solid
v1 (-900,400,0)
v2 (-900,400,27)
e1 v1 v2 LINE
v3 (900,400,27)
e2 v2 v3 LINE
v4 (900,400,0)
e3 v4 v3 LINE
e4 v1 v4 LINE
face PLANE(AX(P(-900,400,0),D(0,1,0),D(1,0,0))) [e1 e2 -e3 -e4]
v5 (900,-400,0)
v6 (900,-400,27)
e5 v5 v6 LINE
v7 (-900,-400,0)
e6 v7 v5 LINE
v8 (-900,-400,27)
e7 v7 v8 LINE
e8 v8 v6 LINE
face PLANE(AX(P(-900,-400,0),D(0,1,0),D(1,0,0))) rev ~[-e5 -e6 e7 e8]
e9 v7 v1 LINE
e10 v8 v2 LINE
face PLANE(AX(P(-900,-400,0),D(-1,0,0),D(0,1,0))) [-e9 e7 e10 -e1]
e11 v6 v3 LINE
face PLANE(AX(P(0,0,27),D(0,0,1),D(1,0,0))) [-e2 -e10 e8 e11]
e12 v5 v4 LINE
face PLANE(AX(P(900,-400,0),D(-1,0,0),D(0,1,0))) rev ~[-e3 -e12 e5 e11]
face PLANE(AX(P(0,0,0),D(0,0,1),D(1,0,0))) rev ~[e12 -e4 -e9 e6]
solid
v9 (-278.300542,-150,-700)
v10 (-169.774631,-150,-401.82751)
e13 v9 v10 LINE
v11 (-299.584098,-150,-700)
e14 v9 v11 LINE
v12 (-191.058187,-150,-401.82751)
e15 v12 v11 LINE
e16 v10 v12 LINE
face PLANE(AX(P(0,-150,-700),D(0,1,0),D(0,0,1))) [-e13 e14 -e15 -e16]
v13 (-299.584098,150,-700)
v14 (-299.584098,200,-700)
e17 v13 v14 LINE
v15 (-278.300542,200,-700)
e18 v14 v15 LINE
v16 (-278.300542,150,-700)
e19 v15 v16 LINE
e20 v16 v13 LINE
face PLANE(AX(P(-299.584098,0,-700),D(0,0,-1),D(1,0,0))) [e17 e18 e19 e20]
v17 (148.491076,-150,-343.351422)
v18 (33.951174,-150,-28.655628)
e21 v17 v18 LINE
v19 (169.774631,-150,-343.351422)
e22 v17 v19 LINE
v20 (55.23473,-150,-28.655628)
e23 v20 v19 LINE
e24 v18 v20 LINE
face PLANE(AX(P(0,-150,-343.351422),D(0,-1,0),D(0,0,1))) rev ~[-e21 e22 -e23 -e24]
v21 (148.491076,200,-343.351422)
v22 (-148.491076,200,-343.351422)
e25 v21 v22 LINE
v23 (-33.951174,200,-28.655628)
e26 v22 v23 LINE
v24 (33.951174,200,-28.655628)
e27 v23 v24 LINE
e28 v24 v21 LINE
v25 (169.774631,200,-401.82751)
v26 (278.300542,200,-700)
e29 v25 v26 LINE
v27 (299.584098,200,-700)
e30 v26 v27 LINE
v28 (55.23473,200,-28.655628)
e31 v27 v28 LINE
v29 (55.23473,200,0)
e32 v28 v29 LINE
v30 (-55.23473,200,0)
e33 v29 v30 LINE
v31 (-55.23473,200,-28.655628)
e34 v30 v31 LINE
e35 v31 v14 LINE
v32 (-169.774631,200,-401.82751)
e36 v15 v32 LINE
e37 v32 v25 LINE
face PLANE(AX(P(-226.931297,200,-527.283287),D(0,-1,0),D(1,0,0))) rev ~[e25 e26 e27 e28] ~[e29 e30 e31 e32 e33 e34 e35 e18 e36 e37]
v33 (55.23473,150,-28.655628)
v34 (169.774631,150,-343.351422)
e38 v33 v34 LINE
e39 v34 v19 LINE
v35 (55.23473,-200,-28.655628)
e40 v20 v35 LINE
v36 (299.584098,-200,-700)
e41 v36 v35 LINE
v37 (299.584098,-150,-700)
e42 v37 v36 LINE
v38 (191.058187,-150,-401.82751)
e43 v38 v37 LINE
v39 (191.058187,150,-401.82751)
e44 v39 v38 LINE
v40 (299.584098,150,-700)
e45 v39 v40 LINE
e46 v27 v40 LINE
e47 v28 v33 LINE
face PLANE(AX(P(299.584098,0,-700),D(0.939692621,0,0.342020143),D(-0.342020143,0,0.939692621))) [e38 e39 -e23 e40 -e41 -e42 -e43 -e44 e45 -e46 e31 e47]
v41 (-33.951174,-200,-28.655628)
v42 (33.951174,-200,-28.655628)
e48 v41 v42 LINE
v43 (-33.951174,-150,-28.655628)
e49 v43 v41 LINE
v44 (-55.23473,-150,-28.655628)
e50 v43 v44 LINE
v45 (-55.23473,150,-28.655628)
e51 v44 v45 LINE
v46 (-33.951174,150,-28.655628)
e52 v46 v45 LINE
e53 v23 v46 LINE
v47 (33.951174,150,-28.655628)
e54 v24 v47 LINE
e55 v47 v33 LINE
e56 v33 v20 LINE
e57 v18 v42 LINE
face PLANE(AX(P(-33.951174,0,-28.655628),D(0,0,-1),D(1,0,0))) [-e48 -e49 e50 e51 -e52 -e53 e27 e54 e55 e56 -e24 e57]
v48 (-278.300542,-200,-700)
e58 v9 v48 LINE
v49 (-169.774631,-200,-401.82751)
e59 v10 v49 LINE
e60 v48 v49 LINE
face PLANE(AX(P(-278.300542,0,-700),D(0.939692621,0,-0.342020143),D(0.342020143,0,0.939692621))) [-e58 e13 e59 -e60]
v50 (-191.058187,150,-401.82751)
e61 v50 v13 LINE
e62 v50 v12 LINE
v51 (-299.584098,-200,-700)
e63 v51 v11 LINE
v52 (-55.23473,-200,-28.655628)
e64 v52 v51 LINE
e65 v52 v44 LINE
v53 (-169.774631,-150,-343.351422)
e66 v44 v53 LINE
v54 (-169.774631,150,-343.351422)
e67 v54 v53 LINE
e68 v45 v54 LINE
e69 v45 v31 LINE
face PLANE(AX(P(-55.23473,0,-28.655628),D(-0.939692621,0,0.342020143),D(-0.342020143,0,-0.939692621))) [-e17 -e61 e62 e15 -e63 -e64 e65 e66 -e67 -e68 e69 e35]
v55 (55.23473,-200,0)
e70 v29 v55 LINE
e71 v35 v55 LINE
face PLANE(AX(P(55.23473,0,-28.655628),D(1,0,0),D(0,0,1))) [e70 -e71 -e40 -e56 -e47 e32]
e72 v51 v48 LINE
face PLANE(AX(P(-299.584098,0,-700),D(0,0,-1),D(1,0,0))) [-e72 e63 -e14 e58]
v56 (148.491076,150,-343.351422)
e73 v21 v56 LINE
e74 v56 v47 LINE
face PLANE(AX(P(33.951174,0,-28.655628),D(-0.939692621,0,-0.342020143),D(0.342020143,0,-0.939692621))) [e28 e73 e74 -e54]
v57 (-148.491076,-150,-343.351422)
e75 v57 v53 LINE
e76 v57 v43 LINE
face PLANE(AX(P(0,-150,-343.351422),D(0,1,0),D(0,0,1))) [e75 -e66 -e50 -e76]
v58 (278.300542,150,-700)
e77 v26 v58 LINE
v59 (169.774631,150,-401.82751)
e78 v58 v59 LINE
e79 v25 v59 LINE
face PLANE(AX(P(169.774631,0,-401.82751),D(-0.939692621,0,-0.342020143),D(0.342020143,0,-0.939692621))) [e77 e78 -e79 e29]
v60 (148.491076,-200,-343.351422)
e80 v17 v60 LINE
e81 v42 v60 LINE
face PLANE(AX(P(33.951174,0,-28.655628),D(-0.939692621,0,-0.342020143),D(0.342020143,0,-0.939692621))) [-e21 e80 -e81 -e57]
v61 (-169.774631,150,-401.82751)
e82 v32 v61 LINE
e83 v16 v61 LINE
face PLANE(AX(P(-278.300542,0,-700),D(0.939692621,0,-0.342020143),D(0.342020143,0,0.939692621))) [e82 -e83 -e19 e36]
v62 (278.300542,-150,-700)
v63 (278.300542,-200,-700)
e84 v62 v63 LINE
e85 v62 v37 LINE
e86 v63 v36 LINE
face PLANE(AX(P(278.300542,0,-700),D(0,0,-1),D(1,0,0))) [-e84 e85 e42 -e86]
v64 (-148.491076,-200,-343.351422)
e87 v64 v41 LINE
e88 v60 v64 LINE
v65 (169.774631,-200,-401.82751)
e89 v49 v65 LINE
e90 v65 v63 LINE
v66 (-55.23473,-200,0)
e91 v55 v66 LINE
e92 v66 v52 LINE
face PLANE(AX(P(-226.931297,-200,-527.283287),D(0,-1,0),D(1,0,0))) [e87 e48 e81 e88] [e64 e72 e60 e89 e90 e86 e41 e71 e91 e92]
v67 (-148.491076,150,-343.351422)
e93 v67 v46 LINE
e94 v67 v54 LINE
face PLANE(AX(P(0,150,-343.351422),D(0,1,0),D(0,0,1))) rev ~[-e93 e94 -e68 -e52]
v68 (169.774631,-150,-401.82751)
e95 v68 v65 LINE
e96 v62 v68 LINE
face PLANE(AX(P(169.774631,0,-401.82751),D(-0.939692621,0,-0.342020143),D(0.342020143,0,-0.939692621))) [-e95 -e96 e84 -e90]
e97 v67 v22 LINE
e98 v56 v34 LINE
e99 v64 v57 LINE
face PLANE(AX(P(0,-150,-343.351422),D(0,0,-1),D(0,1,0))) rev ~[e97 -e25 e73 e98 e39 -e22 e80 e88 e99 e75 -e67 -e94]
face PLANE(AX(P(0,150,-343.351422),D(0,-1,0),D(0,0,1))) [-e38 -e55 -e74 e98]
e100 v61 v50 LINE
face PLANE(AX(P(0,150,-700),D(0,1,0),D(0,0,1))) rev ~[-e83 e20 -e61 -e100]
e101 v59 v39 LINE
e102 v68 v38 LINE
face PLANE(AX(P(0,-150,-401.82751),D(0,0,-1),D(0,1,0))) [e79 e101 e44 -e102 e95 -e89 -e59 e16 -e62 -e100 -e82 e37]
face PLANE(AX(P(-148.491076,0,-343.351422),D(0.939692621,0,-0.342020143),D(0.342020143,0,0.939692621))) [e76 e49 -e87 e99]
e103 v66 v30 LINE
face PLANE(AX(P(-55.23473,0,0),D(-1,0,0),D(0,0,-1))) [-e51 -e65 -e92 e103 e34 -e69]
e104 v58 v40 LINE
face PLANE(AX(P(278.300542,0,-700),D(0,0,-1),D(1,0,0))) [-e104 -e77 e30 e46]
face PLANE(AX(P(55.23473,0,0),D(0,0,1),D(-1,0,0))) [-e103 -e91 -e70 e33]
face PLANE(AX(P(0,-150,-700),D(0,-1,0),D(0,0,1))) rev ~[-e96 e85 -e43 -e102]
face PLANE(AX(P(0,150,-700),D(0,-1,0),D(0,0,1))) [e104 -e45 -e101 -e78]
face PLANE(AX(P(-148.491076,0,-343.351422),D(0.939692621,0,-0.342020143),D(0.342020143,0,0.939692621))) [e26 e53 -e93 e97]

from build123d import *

# Parameters (mm, degrees)
F0_W          = 1800
F0_H          = 800
F1_DEPTH      = 27
F3_DEPTH      = 200
F4_W          = 300
F4_H          = 314.6957938282
F4_H_2        = 298.1724899121
F5_DEPTH      = 900.001
F5_DEPTH_BACK = 900.001


with BuildPart() as f1:
    # F0 (on Top) → F1 (new body)
    with BuildSketch(Plane.XY):
        Rectangle(F0_W, F0_H)
    extrude(amount=F1_DEPTH)


with BuildPart() as f3:
    # F2 (on Front) → F3 (new body, symmetric)
    with BuildSketch(Plane.XZ):
        Polygon((-169.7746314183, -401.8275100879), (-169.7746314183, -343.3514220846), (-299.5840978729, -700), (-278.3005424234, -700), align=None)
        Polygon((-33.9511741666, -28.6556282564), (-55.2347296161, -28.6556282564), (-169.7746314183, -343.3514220846), (-148.4910759688, -343.3514220846), align=None)
        Polygon((-148.4910759688, -343.3514220846), (-169.7746314183, -343.3514220846), (-169.7746314183, -401.8275100879), align=None)
        Polygon((55.2347296161, 0), (-55.2347296161, 0), (-55.2347296161, -28.6556282564), (-33.9511741666, -28.6556282564), (33.9511741666, -28.6556282564), (55.2347296161, -28.6556282564), align=None)
        Polygon((169.7746314183, -343.3514220846), (55.2347296161, -28.6556282564), (33.9511741666, -28.6556282564), (148.4910759688, -343.3514220846), align=None)
        Polygon((169.7746314183, -401.8275100879), (169.7746314183, -343.3514220846), (148.4910759688, -343.3514220846), align=None)
        Polygon((299.5840978729, -700), (169.7746314183, -343.3514220846), (169.7746314183, -401.8275100879), (278.3005424234, -700), align=None)
        Polygon((148.4910759688, -343.3514220846), (-148.4910759688, -343.3514220846), (-169.7746314183, -401.8275100879), (169.7746314183, -401.8275100879), align=None)
    extrude(amount=F3_DEPTH, both=True)

    # F4 (on Right) → F5 (cut, two sides)
    with BuildSketch(Plane.YZ) as f5_sk:
        with Locations((0, -186.0035251705)):
            Rectangle(F4_W, F4_H)
        with Locations((0, -550.9137550439)):
            Rectangle(F4_W, F4_H_2)
    extrude(amount=-F5_DEPTH, mode=Mode.SUBTRACT)
    extrude(f5_sk.sketch, amount=F5_DEPTH_BACK, mode=Mode.SUBTRACT)


solid = Compound([f1.part, f3.part])
